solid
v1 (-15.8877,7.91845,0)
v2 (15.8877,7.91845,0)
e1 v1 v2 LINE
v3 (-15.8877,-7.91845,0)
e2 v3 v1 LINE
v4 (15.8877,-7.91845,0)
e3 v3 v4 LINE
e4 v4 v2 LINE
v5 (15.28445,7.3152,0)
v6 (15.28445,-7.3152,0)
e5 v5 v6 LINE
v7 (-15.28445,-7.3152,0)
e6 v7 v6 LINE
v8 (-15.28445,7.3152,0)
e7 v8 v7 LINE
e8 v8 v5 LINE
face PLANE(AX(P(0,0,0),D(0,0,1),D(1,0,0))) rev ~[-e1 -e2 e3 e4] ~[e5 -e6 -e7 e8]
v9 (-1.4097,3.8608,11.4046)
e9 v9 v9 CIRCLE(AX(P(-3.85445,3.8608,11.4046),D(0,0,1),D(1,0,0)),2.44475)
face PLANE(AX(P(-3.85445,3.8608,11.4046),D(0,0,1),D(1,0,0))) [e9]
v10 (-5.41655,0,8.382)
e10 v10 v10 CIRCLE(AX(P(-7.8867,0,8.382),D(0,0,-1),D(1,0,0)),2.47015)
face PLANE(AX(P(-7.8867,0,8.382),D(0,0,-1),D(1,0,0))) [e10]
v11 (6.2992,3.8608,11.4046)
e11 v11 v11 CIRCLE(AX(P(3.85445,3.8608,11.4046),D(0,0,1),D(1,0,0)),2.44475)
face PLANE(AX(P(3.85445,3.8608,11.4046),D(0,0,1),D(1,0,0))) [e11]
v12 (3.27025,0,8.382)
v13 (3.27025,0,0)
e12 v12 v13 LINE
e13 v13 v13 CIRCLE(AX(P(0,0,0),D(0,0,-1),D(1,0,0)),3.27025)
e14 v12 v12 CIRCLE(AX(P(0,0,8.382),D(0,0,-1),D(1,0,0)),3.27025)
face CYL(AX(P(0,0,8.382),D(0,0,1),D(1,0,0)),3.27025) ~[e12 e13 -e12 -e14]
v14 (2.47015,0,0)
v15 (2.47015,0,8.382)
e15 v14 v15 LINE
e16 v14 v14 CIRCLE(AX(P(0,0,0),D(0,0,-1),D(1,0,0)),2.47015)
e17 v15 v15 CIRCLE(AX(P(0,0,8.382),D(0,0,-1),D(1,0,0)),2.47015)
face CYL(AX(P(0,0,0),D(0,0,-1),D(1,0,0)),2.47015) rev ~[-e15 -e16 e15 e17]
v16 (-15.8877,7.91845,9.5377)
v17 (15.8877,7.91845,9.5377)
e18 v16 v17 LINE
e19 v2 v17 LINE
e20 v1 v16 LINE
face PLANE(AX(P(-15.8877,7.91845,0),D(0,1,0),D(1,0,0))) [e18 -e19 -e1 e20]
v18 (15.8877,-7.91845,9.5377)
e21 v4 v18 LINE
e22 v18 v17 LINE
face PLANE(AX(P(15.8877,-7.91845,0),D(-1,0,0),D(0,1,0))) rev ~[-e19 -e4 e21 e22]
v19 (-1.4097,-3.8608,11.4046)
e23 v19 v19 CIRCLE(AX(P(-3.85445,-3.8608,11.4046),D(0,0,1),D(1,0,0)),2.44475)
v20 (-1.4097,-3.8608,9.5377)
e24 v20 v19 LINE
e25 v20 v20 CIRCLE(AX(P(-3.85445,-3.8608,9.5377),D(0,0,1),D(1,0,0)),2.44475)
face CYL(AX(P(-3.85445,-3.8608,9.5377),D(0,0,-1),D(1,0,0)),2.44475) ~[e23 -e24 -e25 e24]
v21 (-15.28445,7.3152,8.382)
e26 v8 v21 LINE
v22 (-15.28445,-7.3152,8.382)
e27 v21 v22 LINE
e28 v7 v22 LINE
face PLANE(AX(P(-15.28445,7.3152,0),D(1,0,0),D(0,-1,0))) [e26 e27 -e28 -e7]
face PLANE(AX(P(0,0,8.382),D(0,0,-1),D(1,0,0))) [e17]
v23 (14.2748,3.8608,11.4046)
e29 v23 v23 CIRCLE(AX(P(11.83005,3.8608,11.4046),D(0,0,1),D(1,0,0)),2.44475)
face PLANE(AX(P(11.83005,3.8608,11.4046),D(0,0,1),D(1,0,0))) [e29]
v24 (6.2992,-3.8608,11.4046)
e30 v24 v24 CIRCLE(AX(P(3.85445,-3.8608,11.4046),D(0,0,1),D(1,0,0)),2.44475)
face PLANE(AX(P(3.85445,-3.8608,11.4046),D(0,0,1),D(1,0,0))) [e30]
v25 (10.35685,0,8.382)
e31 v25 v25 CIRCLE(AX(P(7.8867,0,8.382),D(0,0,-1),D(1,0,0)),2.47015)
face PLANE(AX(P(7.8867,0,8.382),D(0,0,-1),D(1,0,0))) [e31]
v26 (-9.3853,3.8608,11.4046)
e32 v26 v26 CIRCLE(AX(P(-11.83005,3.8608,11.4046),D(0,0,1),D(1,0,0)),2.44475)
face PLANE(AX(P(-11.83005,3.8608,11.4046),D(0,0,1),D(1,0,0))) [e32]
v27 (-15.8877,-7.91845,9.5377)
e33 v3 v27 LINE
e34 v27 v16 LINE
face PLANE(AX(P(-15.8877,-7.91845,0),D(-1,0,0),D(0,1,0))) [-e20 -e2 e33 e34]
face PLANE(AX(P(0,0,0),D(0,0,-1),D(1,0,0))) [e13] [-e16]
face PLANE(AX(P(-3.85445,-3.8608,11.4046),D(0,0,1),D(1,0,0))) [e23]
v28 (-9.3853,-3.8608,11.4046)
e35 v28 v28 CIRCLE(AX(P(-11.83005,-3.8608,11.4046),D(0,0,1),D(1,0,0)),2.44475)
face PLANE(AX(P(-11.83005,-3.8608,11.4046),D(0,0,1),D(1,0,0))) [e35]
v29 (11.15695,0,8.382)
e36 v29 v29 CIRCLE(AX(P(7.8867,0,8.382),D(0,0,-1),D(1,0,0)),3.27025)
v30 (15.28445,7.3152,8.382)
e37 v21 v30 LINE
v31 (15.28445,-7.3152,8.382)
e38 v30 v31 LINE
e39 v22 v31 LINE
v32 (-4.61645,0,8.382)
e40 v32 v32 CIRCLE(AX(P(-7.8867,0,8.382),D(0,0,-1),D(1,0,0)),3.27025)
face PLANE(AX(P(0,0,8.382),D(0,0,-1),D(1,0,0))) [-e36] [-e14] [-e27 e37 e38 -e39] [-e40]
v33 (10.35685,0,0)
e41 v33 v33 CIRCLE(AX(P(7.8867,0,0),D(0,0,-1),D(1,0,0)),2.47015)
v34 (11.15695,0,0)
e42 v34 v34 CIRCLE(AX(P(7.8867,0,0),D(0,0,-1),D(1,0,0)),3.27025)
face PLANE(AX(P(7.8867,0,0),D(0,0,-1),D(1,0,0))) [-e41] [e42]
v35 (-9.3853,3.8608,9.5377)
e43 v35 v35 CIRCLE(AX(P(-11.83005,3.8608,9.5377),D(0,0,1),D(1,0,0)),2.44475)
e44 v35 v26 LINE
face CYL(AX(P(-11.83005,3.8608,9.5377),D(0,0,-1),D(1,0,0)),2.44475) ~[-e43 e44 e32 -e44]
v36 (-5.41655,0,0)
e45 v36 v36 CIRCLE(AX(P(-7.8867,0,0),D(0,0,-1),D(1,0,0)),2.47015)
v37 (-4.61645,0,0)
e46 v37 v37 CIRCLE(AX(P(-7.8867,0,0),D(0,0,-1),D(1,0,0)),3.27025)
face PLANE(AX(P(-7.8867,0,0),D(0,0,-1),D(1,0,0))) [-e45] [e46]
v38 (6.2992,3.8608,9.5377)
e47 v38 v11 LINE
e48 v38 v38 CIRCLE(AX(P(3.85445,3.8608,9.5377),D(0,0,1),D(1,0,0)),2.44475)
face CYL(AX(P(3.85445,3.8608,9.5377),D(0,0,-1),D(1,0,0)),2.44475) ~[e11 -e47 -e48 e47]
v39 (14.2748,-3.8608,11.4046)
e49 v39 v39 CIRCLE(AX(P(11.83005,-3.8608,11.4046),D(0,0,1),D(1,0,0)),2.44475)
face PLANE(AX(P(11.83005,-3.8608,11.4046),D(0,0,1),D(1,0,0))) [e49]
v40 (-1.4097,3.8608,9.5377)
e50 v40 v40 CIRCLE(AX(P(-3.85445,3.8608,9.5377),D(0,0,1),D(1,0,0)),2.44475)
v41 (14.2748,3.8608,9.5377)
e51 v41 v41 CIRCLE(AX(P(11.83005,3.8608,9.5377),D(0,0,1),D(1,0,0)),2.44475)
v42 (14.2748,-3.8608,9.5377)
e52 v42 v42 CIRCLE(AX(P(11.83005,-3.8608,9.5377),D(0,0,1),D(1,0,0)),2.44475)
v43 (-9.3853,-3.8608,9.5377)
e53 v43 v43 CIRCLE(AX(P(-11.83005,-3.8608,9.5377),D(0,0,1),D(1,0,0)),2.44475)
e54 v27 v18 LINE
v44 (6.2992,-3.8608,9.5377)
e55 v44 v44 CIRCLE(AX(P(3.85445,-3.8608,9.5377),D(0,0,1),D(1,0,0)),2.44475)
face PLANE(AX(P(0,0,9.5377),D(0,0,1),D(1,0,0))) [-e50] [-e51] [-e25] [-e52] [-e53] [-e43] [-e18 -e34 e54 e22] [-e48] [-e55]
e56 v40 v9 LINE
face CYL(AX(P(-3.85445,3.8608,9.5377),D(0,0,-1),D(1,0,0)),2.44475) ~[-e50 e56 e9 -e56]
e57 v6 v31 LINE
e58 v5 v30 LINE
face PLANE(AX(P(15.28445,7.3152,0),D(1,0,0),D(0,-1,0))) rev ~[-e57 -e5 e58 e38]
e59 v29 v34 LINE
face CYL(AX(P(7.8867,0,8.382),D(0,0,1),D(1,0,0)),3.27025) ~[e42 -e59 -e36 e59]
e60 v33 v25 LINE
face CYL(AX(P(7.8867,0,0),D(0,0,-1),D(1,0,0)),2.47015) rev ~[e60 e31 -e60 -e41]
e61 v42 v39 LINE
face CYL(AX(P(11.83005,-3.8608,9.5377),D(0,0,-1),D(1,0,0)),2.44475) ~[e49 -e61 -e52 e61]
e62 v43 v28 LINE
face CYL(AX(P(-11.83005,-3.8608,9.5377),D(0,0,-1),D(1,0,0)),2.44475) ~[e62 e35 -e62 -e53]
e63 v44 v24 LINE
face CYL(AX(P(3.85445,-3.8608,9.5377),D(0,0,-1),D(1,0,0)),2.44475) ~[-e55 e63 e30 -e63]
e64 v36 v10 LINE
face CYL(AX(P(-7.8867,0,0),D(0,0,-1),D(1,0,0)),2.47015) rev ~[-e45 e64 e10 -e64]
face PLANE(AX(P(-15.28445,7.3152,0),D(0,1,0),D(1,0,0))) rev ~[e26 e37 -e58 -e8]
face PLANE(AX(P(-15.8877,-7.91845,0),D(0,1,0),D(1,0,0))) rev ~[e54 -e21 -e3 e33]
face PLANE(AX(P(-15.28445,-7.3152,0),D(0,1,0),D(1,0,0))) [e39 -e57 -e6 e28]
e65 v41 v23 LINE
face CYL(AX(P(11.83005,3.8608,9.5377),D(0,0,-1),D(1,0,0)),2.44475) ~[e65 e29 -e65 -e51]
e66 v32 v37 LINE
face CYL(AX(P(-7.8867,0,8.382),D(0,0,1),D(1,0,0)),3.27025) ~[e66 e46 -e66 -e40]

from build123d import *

# Parameters (mm, degrees)
F0_W      = 31.7754
F0_H      = 15.8369
F1_DEPTH  = 9.5377
F2_R      = 2.44475
F3_DEPTH  = 1.8669
F5_W      = 30.5689
F5_H      = 14.6304
F6_DEPTH  = 8.382
F7_R      = 3.27025
F8_DEPTH  = 8.382
F9_R      = 2.47015
F10_DEPTH = 8.382


with BuildPart() as f1:
    # F0 (on Top) → F1 (new body)
    with BuildSketch(Plane.XY):
        Rectangle(F0_W, F0_H)
    extrude(amount=F1_DEPTH)

    # F2 (on face) → F3 (join)
    with BuildSketch(Plane.XY.offset(9.5377)):
        with Locations((-11.83005, 3.8608)):
            Circle(F2_R)
        with Locations((-3.85445, 3.8608)):
            Circle(F2_R)
        with Locations((3.85445, 3.8608)):
            Circle(F2_R)
        with Locations((11.83005, 3.8608)):
            Circle(F2_R)
        with Locations((-11.83005, -3.8608)):
            Circle(F2_R)
        with Locations((-3.85445, -3.8608)):
            Circle(F2_R)
        with Locations((3.85445, -3.8608)):
            Circle(F2_R)
        with Locations((11.83005, -3.8608)):
            Circle(F2_R)
    extrude(amount=F3_DEPTH)

    # F5 (on plane+point) → F6 (cut)
    with BuildSketch(Plane(origin=(0, 0, 0), x_dir=(1, 0, 0), z_dir=(0, 0, -1))):
        Rectangle(F5_W, F5_H)
    extrude(amount=-F6_DEPTH, mode=Mode.SUBTRACT)

    # F7 (on face) → F8 (join)
    with BuildSketch(Plane(origin=(0, 0, 8.382), x_dir=(1, 0, 0), z_dir=(0, 0, -1))):
        with Locations((-7.8867, 0)):
            Circle(F7_R)
        Circle(F7_R)
        with Locations((7.8867, 0)):
            Circle(F7_R)
    extrude(amount=F8_DEPTH)

    # F9 (on face) → F10 (cut)
    with BuildSketch(Plane(origin=(0, 0, 0), x_dir=(1, 0, 0), z_dir=(0, 0, -1))):
        with Locations((-7.8867, 0)):
            Circle(F9_R)
        Circle(F9_R)
        with Locations((7.8867, 0)):
            Circle(F9_R)
    extrude(amount=-F10_DEPTH, mode=Mode.SUBTRACT)


solid = f1.part
